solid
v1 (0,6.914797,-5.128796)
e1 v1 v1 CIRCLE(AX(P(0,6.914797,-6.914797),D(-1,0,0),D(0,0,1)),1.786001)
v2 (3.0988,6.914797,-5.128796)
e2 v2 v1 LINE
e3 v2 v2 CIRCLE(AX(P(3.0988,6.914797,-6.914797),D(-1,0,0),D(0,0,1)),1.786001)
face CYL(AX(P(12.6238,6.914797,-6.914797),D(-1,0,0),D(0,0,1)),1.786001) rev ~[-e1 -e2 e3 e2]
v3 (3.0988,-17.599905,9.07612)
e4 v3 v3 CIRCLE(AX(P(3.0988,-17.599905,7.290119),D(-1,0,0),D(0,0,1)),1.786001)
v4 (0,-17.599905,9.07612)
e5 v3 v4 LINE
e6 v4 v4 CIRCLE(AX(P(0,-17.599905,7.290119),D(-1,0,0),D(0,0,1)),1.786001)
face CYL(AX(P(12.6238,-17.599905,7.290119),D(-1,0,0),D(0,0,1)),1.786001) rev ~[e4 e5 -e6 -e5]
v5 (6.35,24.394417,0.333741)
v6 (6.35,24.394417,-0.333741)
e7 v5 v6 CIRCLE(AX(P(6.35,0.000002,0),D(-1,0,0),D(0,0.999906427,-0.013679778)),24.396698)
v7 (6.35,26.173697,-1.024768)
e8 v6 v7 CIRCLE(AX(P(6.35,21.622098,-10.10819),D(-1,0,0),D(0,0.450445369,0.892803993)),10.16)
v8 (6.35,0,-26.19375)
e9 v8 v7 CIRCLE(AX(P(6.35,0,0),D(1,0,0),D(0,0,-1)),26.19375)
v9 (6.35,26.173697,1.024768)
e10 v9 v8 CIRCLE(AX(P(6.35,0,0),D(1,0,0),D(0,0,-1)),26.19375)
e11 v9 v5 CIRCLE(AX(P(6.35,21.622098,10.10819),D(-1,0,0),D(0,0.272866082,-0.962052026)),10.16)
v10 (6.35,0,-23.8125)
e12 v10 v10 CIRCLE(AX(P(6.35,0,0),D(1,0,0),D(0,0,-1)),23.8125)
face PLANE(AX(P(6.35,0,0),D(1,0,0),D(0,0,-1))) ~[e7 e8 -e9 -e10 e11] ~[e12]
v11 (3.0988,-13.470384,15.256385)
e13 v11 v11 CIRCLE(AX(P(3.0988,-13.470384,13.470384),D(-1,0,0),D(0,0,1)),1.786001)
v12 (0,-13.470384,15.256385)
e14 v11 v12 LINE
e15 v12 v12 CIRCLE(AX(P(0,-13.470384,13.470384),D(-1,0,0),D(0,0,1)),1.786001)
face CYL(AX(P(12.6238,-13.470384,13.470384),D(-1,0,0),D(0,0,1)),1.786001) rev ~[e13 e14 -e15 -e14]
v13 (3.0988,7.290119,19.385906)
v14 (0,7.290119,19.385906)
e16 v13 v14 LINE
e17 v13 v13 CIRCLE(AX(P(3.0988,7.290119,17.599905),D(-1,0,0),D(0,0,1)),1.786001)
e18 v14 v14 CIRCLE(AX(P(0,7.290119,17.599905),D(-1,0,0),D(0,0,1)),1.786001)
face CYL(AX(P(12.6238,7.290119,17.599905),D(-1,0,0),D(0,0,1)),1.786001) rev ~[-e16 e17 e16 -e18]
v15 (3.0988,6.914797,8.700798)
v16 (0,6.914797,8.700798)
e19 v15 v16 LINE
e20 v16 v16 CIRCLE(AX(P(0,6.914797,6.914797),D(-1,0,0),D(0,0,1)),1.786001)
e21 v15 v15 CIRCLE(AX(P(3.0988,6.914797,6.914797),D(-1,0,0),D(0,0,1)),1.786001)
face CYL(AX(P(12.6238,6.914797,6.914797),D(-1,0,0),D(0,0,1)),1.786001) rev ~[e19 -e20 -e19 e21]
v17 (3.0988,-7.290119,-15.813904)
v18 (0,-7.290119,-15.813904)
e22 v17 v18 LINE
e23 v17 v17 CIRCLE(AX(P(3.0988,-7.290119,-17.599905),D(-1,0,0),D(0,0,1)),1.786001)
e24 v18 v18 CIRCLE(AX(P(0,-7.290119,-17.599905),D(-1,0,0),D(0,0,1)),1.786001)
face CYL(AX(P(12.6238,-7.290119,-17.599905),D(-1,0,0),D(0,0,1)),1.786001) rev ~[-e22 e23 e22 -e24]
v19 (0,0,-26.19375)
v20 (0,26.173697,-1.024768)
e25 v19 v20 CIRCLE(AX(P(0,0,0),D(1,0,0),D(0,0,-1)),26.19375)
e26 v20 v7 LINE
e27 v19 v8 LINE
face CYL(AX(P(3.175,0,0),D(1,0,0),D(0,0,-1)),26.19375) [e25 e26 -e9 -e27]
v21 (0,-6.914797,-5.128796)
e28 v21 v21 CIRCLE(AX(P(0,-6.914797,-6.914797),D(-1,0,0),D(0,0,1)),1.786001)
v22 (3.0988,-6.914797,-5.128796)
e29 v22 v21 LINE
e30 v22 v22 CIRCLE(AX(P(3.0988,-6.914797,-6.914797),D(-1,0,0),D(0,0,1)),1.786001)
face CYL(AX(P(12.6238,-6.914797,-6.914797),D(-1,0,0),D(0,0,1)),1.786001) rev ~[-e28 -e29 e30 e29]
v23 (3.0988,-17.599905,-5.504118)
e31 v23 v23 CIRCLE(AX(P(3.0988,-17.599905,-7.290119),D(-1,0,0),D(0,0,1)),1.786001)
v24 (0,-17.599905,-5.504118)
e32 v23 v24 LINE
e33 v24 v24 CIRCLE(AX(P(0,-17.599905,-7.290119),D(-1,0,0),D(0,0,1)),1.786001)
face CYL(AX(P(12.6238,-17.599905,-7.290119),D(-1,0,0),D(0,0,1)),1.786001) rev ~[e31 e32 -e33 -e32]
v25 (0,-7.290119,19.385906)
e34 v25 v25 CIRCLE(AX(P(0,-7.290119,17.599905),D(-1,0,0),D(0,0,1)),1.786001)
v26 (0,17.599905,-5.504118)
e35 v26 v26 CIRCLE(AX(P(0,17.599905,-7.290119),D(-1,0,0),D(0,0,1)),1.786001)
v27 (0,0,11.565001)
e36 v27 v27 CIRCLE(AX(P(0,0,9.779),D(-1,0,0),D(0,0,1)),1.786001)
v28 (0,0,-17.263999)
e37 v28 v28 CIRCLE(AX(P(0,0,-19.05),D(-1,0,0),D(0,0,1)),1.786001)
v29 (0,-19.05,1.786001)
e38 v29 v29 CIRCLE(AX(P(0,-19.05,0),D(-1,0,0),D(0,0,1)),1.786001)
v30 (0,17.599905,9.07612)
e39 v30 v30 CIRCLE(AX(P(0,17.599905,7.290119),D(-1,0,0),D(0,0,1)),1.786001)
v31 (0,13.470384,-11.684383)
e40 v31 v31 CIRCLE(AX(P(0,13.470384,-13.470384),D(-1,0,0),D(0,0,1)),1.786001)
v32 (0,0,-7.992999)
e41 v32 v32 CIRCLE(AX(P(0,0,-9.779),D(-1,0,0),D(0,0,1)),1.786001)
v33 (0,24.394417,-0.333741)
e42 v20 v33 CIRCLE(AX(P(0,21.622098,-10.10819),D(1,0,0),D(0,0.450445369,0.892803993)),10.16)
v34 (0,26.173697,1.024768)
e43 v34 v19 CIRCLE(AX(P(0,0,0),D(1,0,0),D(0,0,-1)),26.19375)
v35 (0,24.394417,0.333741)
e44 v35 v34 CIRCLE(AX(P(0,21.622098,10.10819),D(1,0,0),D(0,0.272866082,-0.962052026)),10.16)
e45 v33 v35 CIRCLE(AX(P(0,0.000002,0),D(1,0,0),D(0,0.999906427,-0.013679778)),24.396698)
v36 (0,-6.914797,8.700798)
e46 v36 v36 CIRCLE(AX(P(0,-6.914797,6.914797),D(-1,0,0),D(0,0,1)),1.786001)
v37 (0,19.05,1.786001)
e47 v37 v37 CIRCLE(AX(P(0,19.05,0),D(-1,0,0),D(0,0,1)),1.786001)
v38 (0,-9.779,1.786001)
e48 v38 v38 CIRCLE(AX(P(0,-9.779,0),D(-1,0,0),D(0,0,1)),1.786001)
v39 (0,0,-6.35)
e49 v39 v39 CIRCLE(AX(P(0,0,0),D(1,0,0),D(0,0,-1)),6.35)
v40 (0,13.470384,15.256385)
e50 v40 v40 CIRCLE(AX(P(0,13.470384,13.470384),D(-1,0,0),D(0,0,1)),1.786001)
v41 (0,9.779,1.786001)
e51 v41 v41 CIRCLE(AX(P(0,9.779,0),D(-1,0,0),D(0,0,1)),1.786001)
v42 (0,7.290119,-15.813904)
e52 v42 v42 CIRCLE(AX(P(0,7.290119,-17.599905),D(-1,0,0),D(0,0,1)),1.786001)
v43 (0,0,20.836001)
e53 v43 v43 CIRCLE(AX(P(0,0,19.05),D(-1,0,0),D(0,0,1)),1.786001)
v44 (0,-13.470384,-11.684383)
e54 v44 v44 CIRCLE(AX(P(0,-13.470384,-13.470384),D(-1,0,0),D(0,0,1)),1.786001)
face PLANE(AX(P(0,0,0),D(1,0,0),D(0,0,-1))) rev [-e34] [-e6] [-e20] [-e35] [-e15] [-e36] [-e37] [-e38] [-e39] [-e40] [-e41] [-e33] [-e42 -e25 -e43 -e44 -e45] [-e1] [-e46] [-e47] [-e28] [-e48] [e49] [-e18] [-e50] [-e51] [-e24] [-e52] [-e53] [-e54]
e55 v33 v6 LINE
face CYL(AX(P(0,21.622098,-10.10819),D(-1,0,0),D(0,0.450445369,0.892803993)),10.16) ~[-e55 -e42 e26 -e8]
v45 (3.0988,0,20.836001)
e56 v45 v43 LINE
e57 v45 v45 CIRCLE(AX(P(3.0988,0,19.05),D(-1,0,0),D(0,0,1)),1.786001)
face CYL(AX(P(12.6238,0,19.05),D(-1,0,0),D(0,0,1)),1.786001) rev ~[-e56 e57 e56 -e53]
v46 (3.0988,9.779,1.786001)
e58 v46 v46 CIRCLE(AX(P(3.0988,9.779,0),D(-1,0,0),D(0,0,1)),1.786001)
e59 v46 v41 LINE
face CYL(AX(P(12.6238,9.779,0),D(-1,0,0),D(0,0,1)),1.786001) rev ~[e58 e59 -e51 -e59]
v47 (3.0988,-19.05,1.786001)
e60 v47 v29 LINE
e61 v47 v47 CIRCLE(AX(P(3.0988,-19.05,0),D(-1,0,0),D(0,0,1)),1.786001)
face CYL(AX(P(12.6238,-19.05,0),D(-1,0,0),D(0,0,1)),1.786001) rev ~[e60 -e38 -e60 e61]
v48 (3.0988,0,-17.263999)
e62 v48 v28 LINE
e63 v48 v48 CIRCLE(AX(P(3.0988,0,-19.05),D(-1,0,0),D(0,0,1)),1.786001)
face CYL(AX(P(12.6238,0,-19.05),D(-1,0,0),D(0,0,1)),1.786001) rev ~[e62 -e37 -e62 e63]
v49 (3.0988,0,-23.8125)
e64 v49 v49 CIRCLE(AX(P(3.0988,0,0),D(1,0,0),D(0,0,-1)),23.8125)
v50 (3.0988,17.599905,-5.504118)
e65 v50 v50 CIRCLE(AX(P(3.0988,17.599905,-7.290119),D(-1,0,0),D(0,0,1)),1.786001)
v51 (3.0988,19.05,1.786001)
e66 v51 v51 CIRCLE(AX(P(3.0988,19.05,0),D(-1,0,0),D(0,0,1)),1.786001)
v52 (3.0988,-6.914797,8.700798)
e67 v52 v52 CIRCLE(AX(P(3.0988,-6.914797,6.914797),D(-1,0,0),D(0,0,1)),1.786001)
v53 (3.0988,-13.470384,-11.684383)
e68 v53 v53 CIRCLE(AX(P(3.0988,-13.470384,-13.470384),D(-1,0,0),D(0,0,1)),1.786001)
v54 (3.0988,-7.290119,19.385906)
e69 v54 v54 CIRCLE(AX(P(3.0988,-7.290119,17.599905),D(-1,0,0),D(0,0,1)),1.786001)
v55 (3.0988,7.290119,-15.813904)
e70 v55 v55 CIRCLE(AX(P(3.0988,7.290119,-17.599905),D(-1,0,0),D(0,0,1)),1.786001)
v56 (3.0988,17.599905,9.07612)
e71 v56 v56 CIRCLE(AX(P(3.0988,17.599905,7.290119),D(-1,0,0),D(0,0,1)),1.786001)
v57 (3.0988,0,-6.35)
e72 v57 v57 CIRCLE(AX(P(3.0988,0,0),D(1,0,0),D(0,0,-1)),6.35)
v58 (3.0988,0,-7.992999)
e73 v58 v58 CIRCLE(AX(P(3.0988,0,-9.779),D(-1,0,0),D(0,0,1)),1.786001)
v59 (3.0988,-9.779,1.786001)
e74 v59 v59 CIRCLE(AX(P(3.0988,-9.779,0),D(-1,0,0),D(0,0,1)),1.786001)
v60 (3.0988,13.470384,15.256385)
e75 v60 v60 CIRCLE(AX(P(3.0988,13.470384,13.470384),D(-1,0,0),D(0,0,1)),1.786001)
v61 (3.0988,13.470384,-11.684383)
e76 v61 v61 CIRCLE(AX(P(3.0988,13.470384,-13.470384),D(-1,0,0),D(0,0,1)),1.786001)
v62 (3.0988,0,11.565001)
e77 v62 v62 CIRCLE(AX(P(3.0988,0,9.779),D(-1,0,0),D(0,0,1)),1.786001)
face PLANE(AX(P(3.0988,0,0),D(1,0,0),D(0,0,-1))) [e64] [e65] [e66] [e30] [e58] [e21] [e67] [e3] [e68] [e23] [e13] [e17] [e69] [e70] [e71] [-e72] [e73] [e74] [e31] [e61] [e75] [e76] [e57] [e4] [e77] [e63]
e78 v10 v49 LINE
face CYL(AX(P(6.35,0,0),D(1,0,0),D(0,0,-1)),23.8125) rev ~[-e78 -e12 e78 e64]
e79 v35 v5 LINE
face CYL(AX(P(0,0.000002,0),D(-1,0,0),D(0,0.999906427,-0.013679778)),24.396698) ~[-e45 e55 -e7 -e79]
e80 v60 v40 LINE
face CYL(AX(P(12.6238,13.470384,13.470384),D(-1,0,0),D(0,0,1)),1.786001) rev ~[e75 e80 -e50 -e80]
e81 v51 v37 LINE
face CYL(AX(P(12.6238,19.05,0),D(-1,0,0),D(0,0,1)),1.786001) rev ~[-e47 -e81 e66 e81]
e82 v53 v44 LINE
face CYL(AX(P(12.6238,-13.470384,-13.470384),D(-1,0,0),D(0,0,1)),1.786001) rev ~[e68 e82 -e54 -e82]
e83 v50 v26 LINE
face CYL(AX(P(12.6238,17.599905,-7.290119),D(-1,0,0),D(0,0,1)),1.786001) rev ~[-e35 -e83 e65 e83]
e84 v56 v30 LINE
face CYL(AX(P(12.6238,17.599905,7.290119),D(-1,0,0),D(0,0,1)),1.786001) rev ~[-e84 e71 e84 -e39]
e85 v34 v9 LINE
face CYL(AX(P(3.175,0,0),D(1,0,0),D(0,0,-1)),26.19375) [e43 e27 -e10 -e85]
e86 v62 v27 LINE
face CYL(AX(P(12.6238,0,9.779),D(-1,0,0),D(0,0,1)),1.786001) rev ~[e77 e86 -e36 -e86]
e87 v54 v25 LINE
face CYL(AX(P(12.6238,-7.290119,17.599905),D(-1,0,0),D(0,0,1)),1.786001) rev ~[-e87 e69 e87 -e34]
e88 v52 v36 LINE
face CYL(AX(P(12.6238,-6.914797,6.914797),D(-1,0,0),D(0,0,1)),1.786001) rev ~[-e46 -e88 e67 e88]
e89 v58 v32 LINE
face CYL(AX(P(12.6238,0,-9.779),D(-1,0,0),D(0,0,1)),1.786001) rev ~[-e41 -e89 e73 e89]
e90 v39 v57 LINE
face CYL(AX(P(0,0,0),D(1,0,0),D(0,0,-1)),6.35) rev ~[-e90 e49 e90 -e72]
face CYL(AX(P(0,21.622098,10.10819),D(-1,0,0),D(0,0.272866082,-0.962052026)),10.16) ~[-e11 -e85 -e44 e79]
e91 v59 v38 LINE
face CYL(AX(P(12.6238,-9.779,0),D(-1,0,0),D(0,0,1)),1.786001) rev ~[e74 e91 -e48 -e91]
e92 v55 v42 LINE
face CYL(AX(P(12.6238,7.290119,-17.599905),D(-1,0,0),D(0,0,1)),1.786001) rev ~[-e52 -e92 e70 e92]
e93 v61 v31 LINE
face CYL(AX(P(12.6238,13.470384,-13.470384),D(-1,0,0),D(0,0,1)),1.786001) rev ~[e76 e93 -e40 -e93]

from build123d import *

# Parameters (mm, degrees)
BASPROSKE_W                         = 6.35
BASPROSKE_H                         = 26.19375
TOOTHCUT_DEPTH                      = 7.35
BORSKE_R                            = 6.35
BORE_DEPTH                          = 50.8000508
SKETCH1_R                           = 23.8125
CUT_EXTRUDE1_DEPTH                  = 3.2512
F_9_64_0_14063_DIAMETER_HOLE1_D     = 3.572002
F_9_64_0_14063_DIAMETER_HOLE1_DEPTH = 9.525
F_9_64_0_14063_DIAMETER_HOLE1_TIP   = 1.073137666


with BuildPart() as part:
    # BasProSke → Base-Revolve (revolve)
    with BuildSketch(Plane(origin=(0, 0, 0), x_dir=(1, 0, 0), z_dir=(0, 1, 0))):
        with Locations((3.175, 13.096875)):
            Rectangle(BASPROSKE_W, BASPROSKE_H)
    revolve(axis=Axis((-10, 0, 0), (1, 0, 0)))

    # TooCutSke → ToothCut (cut, through all)
    with BuildSketch(Plane(origin=(0, 0, 0), x_dir=(0, 0, -1), z_dir=(1, 0, 0))):
        with BuildLine():
            ThreePointArc((0.33374141, 24.394417139), (0, 24.3967), (-0.33374141, 24.394417139))
            ThreePointArc((-0.33374141, 24.394417139), (-0.642437388, 25.31332079), (-1.03730144, 26.19862272))
            ThreePointArc((-1.03730144, 26.19862272), (0, 26.21915), (1.03730144, 26.19862272))
            ThreePointArc((1.03730144, 26.19862272), (0.642437388, 25.31332079), (0.33374141, 24.394417139))
        make_face()
    extrude(amount=TOOTHCUT_DEPTH, mode=Mode.SUBTRACT)

    # BorSke → Bore (cut, symmetric)
    with BuildSketch(Plane(origin=(0, 0, 0), x_dir=(0, 0, -1), z_dir=(1, 0, 0))):
        Circle(BORSKE_R)
    extrude(amount=BORE_DEPTH, both=True, mode=Mode.SUBTRACT)

    # Sketch1 → Cut-Extrude1 (cut)
    with BuildSketch(Plane(origin=(6.35, 0, 0), x_dir=(0, 0, -1), z_dir=(1, 0, 0))):
        Circle(SKETCH1_R)
    extrude(amount=-CUT_EXTRUDE1_DEPTH, mode=Mode.SUBTRACT)

    # 9/64 (0.14063) Diameter Hole1
    with Locations(Plane(origin=(3.0988, 0, 0), x_dir=(0, 0, -1), z_dir=(1, 0, 0))):
        with Locations((0, 9.779), (0, 19.05), (7.290119387, 17.599905094), (13.470384182, 13.470384182), (17.599905094, 7.290119387), (19.05, 0), (17.599905094, -7.290119387), (13.470384182, -13.470384182), (7.290119387, -17.599905094), (0, -19.05), (-7.290119387, -17.599905094), (-13.470384182, -13.470384182), (-17.599905094, -7.290119387), (-19.05, 0), (-17.599905094, 7.290119387), (-13.470384182, 13.470384182), (-7.290119387, 17.599905094), (6.914797213, 6.914797213), (9.779, 0), (6.914797213, -6.914797213), (0, -9.779), (-6.914797213, -6.914797213), (-9.779, 0), (-6.914797213, 6.914797213)):
            Hole(F_9_64_0_14063_DIAMETER_HOLE1_D / 2, depth=F_9_64_0_14063_DIAMETER_HOLE1_DEPTH)
            with Locations((0, 0, -(F_9_64_0_14063_DIAMETER_HOLE1_DEPTH + F_9_64_0_14063_DIAMETER_HOLE1_TIP / 2))):  # 118° drill point
                Cone(0, F_9_64_0_14063_DIAMETER_HOLE1_D / 2, F_9_64_0_14063_DIAMETER_HOLE1_TIP, mode=Mode.SUBTRACT)


solid = part.part
